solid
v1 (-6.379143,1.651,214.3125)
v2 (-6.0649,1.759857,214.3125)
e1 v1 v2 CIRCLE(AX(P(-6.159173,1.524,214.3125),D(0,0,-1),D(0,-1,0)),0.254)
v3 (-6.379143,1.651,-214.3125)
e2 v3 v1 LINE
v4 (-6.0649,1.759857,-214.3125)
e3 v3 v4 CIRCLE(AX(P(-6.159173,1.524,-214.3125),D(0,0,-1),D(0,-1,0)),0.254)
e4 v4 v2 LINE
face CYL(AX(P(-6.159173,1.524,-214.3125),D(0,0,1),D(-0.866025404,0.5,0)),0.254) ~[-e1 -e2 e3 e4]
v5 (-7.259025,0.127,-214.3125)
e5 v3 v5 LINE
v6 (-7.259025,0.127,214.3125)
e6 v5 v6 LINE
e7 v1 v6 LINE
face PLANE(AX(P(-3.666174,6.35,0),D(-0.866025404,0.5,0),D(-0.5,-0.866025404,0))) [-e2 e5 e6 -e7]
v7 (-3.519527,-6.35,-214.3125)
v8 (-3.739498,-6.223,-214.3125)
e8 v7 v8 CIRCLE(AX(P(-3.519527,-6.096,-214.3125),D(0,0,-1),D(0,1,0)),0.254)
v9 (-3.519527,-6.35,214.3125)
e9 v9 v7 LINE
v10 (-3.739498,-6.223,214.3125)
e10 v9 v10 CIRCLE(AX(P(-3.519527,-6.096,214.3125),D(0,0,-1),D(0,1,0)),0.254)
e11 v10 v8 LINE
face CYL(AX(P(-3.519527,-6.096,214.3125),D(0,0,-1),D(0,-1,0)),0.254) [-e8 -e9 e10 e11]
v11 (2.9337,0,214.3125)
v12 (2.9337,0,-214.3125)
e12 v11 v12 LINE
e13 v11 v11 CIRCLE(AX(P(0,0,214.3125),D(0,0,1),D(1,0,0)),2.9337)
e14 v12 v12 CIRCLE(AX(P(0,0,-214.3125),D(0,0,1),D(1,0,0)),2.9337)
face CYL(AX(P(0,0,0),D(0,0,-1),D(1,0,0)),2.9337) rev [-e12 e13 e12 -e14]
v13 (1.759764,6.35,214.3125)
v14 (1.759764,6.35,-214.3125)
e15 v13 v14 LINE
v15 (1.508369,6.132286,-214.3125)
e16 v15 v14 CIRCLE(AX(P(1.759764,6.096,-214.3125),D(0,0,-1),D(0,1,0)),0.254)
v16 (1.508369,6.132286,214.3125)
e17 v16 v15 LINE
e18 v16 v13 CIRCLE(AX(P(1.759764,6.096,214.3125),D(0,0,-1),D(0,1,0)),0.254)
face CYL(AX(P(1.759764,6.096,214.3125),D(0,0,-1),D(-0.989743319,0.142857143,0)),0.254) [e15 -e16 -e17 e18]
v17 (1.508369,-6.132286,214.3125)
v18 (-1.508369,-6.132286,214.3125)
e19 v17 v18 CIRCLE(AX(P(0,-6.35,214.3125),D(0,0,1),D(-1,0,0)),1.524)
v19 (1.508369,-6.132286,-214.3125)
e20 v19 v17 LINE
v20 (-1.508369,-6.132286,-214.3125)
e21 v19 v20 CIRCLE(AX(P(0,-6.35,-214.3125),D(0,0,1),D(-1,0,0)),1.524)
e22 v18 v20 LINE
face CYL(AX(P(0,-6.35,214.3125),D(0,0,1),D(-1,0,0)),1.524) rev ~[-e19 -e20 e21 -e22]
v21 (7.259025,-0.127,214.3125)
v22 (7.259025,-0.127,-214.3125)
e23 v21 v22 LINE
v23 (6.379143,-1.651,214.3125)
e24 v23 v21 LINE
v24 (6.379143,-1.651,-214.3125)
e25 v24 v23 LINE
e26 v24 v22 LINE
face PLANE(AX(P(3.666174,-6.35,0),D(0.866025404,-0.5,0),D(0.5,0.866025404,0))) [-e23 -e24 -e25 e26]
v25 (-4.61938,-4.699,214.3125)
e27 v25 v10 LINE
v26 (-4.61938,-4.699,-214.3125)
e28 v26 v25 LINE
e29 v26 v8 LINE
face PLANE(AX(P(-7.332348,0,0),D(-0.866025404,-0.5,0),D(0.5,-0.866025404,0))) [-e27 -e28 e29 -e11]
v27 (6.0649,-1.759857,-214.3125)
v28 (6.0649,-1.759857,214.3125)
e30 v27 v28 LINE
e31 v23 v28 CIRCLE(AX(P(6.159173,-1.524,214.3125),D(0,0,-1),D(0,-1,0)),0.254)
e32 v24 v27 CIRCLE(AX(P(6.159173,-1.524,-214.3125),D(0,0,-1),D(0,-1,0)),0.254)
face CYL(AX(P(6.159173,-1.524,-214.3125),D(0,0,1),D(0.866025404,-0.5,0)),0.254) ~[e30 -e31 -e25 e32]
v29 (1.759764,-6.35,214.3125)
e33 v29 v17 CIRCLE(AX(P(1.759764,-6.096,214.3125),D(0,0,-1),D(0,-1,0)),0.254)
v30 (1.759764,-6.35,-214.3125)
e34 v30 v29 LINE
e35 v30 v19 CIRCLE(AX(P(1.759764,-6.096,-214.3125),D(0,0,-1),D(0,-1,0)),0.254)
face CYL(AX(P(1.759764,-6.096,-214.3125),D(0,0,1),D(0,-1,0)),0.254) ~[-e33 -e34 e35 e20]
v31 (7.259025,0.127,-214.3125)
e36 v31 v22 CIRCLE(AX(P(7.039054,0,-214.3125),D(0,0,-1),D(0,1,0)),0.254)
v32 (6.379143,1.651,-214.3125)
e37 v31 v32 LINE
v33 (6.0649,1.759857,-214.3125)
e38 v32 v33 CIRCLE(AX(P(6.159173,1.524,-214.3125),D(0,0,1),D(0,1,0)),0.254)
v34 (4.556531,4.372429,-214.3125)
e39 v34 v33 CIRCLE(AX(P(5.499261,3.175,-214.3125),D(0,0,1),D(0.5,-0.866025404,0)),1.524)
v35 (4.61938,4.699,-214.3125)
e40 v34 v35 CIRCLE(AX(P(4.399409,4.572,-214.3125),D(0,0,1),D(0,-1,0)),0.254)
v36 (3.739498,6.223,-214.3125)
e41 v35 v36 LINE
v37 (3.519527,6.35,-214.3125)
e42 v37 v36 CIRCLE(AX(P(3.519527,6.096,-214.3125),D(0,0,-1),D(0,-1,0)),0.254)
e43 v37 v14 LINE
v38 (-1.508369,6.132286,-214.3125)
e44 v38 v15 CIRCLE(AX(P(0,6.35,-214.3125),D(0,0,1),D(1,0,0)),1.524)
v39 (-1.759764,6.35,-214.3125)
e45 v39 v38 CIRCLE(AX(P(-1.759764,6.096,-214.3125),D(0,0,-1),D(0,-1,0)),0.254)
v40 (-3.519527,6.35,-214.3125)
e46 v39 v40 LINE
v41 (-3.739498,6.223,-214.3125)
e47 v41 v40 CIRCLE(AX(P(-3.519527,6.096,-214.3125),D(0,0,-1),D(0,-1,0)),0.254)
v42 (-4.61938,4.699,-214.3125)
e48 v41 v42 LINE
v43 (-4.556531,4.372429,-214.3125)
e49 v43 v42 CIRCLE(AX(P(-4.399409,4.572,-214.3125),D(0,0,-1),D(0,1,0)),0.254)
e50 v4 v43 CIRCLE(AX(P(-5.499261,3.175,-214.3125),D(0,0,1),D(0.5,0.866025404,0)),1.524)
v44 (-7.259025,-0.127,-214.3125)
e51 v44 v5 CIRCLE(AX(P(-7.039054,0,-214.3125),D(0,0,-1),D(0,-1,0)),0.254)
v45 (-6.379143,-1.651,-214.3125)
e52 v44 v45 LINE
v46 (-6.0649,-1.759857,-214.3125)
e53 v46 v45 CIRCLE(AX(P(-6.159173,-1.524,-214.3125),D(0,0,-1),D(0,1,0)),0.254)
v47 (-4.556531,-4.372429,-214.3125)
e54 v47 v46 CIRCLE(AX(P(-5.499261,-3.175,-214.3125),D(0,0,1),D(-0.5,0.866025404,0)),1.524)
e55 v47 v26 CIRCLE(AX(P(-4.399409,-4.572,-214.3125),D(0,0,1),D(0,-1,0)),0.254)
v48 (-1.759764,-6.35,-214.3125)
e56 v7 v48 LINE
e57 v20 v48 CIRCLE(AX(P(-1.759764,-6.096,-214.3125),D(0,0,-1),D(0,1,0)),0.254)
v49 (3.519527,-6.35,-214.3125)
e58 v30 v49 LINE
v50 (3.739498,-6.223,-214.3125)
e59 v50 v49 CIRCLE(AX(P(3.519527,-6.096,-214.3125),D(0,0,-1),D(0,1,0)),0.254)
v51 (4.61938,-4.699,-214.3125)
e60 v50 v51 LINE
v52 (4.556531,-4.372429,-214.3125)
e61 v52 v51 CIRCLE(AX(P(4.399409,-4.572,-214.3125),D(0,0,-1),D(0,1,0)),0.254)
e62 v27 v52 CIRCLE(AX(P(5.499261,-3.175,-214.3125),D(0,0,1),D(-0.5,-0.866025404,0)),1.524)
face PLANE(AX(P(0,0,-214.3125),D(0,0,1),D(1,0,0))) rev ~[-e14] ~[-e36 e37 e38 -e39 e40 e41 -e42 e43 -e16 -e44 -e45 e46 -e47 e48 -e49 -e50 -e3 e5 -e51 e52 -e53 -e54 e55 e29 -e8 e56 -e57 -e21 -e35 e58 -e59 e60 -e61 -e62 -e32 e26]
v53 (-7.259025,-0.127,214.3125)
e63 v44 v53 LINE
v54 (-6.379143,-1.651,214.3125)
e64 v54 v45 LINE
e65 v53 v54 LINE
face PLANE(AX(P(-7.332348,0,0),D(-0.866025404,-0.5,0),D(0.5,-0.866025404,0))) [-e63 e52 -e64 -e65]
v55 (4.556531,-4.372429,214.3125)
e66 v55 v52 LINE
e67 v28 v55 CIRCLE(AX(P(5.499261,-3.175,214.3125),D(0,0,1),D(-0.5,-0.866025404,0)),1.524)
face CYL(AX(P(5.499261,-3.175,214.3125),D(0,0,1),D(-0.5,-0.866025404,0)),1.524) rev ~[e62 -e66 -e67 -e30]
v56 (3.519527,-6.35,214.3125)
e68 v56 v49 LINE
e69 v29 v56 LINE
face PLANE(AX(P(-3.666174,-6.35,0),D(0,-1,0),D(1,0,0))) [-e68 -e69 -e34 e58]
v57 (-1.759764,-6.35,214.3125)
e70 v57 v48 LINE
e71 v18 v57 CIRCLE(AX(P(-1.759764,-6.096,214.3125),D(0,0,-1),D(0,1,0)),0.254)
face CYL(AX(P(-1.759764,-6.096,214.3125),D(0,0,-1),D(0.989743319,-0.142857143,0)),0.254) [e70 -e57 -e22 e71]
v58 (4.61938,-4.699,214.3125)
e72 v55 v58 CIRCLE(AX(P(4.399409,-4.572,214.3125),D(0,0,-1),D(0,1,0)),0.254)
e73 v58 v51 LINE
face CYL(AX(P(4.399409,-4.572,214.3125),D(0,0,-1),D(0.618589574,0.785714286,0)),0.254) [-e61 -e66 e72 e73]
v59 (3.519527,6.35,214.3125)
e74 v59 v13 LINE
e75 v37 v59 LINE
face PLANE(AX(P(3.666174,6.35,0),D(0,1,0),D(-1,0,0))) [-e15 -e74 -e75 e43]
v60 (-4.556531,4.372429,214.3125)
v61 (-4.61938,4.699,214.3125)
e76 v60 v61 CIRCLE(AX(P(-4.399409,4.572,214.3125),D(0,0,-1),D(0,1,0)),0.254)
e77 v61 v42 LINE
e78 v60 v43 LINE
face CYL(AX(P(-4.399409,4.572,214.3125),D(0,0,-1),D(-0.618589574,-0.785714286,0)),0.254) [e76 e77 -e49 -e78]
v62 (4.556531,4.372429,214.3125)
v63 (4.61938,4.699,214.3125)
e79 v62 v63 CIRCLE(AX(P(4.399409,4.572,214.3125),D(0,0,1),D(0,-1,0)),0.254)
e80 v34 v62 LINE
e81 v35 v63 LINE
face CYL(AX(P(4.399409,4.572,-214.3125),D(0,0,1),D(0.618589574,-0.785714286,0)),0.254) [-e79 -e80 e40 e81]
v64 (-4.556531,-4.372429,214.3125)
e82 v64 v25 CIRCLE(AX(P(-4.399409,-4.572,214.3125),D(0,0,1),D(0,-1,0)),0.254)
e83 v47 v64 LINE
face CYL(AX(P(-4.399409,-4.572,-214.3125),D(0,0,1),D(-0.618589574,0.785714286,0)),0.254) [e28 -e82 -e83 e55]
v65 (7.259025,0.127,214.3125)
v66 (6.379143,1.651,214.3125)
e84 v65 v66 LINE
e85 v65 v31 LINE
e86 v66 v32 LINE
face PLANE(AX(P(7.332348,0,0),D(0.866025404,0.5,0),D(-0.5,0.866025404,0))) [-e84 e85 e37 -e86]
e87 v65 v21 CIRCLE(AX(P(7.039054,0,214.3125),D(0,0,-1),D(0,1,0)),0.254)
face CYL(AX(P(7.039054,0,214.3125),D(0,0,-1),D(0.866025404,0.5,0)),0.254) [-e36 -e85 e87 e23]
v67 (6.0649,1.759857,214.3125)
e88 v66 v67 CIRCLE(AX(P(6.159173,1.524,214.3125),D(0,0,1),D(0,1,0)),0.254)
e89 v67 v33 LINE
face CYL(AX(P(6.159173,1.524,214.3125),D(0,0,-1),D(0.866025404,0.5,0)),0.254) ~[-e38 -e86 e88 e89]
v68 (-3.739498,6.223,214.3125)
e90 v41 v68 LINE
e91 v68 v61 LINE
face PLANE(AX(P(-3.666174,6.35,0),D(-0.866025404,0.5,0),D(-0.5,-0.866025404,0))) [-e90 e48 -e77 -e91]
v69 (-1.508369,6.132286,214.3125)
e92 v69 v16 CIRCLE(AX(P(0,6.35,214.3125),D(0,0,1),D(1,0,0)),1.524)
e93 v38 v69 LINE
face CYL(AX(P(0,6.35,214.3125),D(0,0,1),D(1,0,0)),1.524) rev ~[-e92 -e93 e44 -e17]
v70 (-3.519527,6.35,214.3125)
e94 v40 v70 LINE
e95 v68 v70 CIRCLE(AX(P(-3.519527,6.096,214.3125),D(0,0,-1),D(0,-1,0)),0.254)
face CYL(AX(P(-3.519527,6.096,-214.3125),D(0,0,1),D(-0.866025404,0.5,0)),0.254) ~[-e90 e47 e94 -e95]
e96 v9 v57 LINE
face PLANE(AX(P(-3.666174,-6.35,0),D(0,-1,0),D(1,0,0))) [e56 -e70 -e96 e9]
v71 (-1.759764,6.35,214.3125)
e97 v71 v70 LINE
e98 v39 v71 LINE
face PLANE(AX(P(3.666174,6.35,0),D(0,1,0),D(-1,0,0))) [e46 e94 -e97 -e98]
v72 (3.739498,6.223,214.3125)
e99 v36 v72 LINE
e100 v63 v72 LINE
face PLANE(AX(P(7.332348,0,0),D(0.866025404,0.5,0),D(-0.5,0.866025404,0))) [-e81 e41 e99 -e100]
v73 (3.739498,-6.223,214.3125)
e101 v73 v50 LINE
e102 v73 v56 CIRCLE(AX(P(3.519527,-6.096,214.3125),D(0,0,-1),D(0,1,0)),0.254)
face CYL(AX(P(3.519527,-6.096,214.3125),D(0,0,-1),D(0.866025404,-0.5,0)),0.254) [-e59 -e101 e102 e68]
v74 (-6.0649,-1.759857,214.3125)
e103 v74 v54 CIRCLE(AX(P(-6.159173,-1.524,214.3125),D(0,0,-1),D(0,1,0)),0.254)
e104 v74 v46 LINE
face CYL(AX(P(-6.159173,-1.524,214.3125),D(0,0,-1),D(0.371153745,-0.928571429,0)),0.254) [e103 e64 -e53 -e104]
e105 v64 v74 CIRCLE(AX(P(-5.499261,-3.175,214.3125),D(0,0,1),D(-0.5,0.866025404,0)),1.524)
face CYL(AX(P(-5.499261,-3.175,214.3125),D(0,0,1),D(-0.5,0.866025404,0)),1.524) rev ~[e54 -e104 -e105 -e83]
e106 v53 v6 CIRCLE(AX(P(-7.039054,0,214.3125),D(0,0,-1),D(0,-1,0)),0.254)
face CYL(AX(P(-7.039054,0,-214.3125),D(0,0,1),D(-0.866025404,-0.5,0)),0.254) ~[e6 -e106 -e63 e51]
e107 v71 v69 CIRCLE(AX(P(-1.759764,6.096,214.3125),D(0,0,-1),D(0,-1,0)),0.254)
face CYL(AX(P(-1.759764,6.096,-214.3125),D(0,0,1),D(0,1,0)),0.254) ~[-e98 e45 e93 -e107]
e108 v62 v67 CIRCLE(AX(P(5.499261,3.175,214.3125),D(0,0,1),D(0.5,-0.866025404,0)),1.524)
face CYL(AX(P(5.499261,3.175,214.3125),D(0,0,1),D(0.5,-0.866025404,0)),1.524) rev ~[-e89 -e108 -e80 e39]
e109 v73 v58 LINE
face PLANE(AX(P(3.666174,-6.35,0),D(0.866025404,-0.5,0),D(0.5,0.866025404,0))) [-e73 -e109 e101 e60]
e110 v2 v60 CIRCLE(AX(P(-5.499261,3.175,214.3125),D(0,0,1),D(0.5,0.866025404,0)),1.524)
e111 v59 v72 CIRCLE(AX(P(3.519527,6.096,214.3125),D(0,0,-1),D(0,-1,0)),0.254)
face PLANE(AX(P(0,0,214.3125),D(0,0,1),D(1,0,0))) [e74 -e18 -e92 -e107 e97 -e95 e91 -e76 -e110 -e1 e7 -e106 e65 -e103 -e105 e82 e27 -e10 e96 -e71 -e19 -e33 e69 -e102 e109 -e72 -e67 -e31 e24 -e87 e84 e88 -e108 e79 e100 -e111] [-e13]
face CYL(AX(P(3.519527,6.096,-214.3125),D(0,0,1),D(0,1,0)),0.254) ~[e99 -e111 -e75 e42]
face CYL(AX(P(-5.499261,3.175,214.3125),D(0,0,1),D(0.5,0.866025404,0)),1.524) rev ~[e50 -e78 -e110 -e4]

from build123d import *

# Parameters (mm, degrees)
SKETCH1_R         = 2.9337
EXTRUDE1_DEPTH    = 214.3125
SKETCH5_R         = 1.524
EXTRUDE2_DEPTH    = 429.625
CIRPATTERN2_COUNT = 6
FILLET1_R         = 0.254


with BuildPart() as part:
    # Sketch1 → Extrude1 (new body, symmetric)
    with BuildSketch(Plane.XY):
        Polygon((7.332348419, 0), (3.666174209, 6.35), (-3.666174209, 6.35), (-7.332348419, 0), (-3.666174209, -6.35), (3.666174209, -6.35), align=None)
        Circle(SKETCH1_R, mode=Mode.SUBTRACT)
    extrude(amount=EXTRUDE1_DEPTH, both=True)

    # Sketch5 → Extrude2 (cut, through all)
    with BuildSketch(Plane.XY.offset(214.3125)):
        with Locations((0, 6.35)):
            Circle(SKETCH5_R)
    extrude2 = extrude(amount=-EXTRUDE2_DEPTH, mode=Mode.SUBTRACT)

    # CirPattern2: Extrude2 ×6 about axis
    cirpattern2_axis = Axis((0, 0, 0), (0, 0, 1))
    for i in range(1, CIRPATTERN2_COUNT):
        add(extrude2.rotate(cirpattern2_axis, i * 360 / CIRPATTERN2_COUNT), mode=Mode.SUBTRACT)

    # Fillet1
    fillet1_edges = [part.edges().sort_by_distance(p)[0] for p in [
        (3.666174209, -6.35, 0),
        (-3.666174209, -6.35, 0),
        (-7.332348419, 0, 0),
        (-3.666174209, 6.35, 0),
        (3.666174209, 6.35, 0),
        (7.332348419, 0, 0),
        (-1.524, 6.35, 0),
        (1.524, 6.35, 0),
        (-6.261261314, 1.855177285, 0),
        (-4.737261314, 4.494822715, 0),
        (-4.737261314, -4.494822715, 0),
        (-6.261261314, -1.855177285, 0),
        (1.524, -6.35, 0),
        (-1.524, -6.35, 0),
        (6.261261314, -1.855177285, 0),
        (4.737261314, -4.494822715, 0),
        (4.737261314, 4.494822715, 0),
        (6.261261314, 1.855177285, 0),
    ]]
    fillet(fillet1_edges, radius=FILLET1_R)


solid = part.part
